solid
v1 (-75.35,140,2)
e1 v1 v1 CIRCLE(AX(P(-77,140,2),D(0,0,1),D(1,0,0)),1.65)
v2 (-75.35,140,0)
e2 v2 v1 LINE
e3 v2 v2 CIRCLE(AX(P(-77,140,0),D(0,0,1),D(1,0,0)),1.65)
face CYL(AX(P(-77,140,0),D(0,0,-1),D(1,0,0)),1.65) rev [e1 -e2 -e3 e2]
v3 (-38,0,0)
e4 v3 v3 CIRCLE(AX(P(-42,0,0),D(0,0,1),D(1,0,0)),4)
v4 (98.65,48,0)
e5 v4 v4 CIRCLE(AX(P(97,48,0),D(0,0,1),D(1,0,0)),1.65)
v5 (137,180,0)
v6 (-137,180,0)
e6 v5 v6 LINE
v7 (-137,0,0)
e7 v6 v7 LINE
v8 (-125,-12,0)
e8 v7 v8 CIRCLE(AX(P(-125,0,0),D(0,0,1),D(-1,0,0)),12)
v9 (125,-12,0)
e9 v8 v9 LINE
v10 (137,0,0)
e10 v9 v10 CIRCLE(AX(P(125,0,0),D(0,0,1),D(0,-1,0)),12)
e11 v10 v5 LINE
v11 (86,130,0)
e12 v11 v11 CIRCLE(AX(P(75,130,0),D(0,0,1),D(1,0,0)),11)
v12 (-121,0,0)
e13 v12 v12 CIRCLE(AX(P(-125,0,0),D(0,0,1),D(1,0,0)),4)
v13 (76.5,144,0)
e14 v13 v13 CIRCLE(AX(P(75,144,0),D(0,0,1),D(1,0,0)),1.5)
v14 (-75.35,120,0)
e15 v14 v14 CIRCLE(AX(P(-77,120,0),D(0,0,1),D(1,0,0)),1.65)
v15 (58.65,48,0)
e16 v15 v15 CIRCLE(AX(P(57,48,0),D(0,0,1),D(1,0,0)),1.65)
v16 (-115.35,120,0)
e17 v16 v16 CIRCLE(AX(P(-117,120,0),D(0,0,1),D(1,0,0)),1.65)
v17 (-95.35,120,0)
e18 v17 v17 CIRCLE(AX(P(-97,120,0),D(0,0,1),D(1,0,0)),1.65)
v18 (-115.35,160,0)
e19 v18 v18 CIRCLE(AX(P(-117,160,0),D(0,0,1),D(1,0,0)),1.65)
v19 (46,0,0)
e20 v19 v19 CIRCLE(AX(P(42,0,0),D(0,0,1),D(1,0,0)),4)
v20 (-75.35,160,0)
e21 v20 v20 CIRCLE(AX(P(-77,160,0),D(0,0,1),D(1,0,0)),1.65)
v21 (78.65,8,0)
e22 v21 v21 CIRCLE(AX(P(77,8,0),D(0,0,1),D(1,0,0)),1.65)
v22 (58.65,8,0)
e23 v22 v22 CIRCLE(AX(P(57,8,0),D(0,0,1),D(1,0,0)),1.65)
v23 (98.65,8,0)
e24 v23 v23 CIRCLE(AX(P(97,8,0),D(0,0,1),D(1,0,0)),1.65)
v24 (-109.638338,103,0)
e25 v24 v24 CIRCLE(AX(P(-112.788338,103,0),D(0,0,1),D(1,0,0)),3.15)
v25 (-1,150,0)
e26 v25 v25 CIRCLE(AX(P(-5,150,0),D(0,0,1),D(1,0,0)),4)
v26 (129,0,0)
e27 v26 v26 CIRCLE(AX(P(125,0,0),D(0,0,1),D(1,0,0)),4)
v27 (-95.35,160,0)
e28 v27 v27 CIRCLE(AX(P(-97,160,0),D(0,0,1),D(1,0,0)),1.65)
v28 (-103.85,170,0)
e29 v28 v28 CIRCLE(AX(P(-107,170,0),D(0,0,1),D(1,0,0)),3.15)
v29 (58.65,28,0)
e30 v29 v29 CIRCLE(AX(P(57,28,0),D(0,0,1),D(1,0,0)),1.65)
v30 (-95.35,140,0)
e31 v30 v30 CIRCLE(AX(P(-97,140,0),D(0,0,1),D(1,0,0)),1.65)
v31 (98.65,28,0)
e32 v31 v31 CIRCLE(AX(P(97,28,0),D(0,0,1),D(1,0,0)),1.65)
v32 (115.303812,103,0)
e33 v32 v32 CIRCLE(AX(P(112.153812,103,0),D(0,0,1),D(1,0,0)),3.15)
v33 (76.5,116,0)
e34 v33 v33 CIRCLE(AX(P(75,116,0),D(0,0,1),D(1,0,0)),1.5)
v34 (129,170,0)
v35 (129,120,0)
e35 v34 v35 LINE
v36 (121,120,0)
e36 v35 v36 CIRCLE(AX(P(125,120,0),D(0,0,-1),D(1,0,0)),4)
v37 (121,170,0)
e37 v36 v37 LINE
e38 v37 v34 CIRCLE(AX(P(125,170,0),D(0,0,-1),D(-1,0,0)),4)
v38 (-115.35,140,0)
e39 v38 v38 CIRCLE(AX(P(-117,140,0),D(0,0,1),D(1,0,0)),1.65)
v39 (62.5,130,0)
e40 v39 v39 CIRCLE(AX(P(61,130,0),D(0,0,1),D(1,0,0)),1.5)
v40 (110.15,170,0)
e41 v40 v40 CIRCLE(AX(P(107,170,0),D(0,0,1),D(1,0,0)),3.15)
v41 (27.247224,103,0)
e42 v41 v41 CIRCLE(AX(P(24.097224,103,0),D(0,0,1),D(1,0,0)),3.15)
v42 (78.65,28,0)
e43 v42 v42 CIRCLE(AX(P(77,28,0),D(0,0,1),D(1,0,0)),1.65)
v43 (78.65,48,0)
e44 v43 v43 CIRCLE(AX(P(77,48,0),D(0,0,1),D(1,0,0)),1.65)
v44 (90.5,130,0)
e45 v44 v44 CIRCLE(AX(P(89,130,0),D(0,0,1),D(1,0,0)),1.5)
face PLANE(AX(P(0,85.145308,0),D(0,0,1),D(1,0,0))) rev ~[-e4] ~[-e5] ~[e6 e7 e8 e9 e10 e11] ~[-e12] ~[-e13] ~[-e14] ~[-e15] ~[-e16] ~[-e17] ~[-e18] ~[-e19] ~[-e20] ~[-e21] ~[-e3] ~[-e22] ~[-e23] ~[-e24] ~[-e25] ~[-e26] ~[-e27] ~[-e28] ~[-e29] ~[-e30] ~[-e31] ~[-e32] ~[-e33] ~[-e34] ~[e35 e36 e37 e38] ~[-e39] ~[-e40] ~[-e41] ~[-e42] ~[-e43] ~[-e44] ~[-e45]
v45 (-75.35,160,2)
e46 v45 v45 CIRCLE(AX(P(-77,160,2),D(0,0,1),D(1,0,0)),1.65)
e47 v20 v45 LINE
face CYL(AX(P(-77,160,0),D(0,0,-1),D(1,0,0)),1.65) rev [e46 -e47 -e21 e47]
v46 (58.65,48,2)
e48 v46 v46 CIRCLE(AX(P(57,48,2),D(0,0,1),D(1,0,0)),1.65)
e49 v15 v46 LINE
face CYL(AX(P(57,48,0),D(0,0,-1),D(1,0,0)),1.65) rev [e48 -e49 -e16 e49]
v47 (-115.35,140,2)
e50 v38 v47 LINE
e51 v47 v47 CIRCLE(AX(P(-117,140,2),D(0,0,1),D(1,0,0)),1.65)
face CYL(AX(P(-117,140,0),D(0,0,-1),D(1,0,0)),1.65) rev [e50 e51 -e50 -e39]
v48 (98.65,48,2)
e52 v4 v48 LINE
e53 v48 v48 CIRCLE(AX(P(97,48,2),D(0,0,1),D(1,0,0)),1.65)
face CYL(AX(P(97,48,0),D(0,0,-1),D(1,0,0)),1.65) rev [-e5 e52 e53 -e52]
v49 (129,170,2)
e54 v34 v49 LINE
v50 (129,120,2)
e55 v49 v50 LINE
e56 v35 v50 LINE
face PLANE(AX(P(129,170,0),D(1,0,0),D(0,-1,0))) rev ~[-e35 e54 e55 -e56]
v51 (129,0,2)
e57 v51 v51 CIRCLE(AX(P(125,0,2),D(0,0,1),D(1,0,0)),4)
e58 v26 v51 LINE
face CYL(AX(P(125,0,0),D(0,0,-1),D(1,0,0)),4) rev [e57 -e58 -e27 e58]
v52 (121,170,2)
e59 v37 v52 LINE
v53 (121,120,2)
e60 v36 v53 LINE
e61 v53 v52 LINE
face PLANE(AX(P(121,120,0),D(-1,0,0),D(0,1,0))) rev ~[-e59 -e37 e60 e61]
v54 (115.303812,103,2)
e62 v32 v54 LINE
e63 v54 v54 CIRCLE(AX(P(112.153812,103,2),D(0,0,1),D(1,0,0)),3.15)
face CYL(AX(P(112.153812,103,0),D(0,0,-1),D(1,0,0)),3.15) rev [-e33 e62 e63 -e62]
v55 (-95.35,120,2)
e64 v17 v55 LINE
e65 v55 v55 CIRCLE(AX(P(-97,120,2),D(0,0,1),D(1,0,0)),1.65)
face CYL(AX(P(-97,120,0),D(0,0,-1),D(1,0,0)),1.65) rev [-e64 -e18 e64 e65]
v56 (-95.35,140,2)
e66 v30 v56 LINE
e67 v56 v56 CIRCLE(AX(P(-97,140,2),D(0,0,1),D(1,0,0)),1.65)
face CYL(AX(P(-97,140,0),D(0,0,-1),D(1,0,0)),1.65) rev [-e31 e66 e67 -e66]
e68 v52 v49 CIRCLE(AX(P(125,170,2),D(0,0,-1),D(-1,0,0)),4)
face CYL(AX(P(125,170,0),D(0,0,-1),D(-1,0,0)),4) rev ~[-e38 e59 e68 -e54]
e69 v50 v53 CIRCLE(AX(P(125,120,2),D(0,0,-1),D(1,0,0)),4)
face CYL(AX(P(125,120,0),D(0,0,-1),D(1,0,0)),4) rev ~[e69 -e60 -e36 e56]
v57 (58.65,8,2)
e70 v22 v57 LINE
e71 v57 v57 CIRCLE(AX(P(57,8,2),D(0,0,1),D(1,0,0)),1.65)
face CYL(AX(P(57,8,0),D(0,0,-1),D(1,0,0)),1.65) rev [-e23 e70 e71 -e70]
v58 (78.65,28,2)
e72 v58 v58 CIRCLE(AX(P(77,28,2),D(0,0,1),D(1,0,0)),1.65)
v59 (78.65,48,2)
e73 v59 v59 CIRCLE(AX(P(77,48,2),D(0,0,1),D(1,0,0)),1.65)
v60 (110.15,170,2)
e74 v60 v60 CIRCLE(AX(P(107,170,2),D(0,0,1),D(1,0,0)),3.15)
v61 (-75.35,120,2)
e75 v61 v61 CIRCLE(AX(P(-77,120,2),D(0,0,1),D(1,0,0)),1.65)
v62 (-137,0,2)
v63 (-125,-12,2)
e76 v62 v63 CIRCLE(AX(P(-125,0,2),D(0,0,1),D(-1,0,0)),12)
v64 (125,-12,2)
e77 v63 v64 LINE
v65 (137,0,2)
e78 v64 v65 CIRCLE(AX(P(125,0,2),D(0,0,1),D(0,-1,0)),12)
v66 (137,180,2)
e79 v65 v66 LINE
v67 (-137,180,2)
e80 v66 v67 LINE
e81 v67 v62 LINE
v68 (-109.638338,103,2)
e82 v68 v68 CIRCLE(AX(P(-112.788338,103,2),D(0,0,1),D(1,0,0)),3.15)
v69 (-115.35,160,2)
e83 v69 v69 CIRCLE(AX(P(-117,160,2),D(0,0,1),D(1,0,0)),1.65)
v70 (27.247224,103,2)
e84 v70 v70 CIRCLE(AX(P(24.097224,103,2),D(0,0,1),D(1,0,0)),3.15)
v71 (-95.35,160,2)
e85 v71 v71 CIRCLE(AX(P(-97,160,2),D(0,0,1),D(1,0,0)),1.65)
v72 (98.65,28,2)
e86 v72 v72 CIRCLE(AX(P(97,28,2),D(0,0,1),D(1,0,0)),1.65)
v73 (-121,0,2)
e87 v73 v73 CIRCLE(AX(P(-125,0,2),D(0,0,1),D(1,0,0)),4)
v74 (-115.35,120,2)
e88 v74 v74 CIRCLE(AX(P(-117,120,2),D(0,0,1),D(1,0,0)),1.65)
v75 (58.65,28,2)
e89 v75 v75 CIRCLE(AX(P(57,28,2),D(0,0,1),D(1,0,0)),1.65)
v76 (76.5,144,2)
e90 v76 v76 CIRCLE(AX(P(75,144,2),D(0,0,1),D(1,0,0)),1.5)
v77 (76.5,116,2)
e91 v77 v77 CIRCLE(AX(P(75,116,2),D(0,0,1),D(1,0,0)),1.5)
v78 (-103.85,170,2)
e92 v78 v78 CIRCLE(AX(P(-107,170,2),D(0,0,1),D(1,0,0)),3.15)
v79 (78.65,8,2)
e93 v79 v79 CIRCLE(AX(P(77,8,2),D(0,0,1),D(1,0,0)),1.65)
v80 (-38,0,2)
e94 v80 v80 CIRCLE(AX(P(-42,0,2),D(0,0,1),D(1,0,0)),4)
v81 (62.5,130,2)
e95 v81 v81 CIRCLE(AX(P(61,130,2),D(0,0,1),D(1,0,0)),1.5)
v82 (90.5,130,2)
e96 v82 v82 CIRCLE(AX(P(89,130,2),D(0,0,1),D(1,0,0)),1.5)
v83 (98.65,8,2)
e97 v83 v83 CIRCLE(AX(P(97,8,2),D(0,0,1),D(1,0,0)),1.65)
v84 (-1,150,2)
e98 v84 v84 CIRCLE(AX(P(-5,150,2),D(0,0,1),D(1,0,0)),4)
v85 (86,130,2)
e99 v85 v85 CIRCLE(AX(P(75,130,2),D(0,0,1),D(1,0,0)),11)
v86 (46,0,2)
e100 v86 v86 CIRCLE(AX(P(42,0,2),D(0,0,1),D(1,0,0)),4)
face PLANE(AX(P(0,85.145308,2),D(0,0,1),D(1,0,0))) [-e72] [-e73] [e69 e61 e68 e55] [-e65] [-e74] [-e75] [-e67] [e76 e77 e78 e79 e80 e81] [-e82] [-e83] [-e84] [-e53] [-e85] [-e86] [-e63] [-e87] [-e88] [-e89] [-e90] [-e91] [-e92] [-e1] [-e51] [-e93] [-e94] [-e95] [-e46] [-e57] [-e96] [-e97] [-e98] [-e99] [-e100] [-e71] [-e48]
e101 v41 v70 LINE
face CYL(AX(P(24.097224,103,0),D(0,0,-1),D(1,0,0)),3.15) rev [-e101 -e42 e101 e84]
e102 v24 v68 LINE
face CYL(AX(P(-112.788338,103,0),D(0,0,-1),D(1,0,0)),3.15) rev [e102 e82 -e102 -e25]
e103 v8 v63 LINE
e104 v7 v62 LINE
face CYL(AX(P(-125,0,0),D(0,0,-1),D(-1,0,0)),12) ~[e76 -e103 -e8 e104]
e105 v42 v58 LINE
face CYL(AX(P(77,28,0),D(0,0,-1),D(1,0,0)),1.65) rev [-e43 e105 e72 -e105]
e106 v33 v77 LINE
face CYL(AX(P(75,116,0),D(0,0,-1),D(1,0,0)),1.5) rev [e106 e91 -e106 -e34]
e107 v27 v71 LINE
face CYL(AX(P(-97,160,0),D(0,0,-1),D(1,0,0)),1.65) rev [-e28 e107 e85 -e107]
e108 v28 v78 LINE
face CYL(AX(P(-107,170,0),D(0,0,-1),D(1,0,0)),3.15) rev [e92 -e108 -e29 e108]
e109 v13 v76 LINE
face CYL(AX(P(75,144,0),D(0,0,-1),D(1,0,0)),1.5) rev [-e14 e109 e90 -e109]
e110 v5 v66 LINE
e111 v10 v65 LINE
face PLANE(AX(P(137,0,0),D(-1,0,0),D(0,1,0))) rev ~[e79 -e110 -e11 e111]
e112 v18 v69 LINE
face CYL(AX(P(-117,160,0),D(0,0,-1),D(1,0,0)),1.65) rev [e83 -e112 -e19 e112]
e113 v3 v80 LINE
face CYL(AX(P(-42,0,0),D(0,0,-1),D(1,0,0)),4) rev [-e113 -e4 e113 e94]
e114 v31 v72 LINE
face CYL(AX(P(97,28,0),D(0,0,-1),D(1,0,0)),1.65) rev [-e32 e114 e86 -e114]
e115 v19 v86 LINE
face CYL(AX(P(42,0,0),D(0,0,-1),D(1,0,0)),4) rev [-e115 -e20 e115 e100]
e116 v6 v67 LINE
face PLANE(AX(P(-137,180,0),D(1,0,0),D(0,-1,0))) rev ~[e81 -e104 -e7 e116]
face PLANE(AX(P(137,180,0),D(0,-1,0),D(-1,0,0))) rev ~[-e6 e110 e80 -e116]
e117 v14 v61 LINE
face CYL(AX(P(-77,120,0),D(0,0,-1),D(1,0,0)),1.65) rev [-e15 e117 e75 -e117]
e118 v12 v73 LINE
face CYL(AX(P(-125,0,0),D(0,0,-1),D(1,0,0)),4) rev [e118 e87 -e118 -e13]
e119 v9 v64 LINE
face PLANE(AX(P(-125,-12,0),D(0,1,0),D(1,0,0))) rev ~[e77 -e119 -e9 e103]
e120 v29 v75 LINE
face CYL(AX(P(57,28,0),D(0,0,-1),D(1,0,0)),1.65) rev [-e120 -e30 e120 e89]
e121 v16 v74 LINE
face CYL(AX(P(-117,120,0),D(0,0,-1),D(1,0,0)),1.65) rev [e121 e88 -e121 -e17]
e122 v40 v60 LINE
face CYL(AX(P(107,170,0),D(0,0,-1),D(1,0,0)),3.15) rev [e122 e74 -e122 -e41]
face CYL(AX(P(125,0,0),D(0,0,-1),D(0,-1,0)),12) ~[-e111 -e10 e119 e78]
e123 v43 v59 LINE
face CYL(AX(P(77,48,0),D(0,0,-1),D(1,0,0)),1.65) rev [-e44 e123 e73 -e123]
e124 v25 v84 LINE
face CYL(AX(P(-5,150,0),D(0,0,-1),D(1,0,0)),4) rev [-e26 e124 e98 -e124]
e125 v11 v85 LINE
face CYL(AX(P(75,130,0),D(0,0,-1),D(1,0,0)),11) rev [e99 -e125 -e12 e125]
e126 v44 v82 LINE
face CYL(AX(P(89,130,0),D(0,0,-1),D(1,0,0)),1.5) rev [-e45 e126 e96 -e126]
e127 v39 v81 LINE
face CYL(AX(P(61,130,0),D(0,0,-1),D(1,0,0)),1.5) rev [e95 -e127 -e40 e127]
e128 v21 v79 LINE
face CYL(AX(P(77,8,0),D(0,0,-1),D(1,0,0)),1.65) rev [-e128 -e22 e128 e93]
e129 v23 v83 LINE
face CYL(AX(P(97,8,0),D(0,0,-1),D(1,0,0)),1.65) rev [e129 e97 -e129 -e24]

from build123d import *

# Parameters (mm, degrees)
SKETCH1_R           = 4
SKETCH1_R_2         = 1.65
SKETCH1_R_3         = 3.15
SKETCH1_R_4         = 1.5
SKETCH1_R_5         = 11
BOSS_EXTRUDE1_DEPTH = 2


with BuildPart() as part:
    # Sketch1 → Boss-Extrude1 (new body)
    with BuildSketch(Plane.XY):
        with BuildLine():
            ThreePointArc((-137, 0), (-133.485281374, -8.485281374), (-125, -12))
            Line((-125, -12), (125, -12))
            ThreePointArc((125, -12), (133.485281374, -8.485281374), (137, 0))
            Line((137, 0), (137, 180))
            Line((137, 180), (-53.998245329, 180))
            Line((-53.998245329, 180), (-137, 180))
            Line((-137, 180), (-137, 0))
        make_face()
        with Locations((-125, 0)):
            Circle(SKETCH1_R, mode=Mode.SUBTRACT)
        with Locations((-42, 0)):
            Circle(SKETCH1_R, mode=Mode.SUBTRACT)
        with Locations((42, 0)):
            Circle(SKETCH1_R, mode=Mode.SUBTRACT)
        with Locations((57, 8)):
            Circle(SKETCH1_R_2, mode=Mode.SUBTRACT)
        with Locations((57, 28)):
            Circle(SKETCH1_R_2, mode=Mode.SUBTRACT)
        with Locations((77, 8)):
            Circle(SKETCH1_R_2, mode=Mode.SUBTRACT)
        with Locations((97, 8)):
            Circle(SKETCH1_R_2, mode=Mode.SUBTRACT)
        with Locations((125, 0)):
            Circle(SKETCH1_R, mode=Mode.SUBTRACT)
        with Locations((77, 28)):
            Circle(SKETCH1_R_2, mode=Mode.SUBTRACT)
        with Locations((97, 28)):
            Circle(SKETCH1_R_2, mode=Mode.SUBTRACT)
        with Locations((57, 48)):
            Circle(SKETCH1_R_2, mode=Mode.SUBTRACT)
        with Locations((77, 48)):
            Circle(SKETCH1_R_2, mode=Mode.SUBTRACT)
        with Locations((97, 48)):
            Circle(SKETCH1_R_2, mode=Mode.SUBTRACT)
        with Locations((-112.78833811, 103)):
            Circle(SKETCH1_R_3, mode=Mode.SUBTRACT)
        with Locations((-117, 120)):
            Circle(SKETCH1_R_2, mode=Mode.SUBTRACT)
        with Locations((-97, 120)):
            Circle(SKETCH1_R_2, mode=Mode.SUBTRACT)
        with Locations((-77, 120)):
            Circle(SKETCH1_R_2, mode=Mode.SUBTRACT)
        with Locations((-117, 140)):
            Circle(SKETCH1_R_2, mode=Mode.SUBTRACT)
        with Locations((-97, 140)):
            Circle(SKETCH1_R_2, mode=Mode.SUBTRACT)
        with Locations((-77, 140)):
            Circle(SKETCH1_R_2, mode=Mode.SUBTRACT)
        with Locations((-117, 160)):
            Circle(SKETCH1_R_2, mode=Mode.SUBTRACT)
        with Locations((-107, 170)):
            Circle(SKETCH1_R_3, mode=Mode.SUBTRACT)
        with Locations((-97, 160)):
            Circle(SKETCH1_R_2, mode=Mode.SUBTRACT)
        with Locations((-77, 160)):
            Circle(SKETCH1_R_2, mode=Mode.SUBTRACT)
        with Locations((-5, 150)):
            Circle(SKETCH1_R, mode=Mode.SUBTRACT)
        with Locations((24.097224397, 103)):
            Circle(SKETCH1_R_3, mode=Mode.SUBTRACT)
        with Locations((61, 130)):
            Circle(SKETCH1_R_4, mode=Mode.SUBTRACT)
        with Locations((112.15381179, 103)):
            Circle(SKETCH1_R_3, mode=Mode.SUBTRACT)
        with Locations((75, 116)):
            Circle(SKETCH1_R_4, mode=Mode.SUBTRACT)
        with Locations((75, 130)):
            Circle(SKETCH1_R_5, mode=Mode.SUBTRACT)
        with Locations((89, 130)):
            Circle(SKETCH1_R_4, mode=Mode.SUBTRACT)
        with Locations((75, 144)):
            Circle(SKETCH1_R_4, mode=Mode.SUBTRACT)
        with BuildLine():
            ThreePointArc((129, 120), (125, 116), (121, 120))
            Line((121, 120), (121, 170))
            ThreePointArc((121, 170), (125, 174), (129, 170))
            Line((129, 170), (129, 120))
        make_face(mode=Mode.SUBTRACT)
        with Locations((107, 170)):
            Circle(SKETCH1_R_3, mode=Mode.SUBTRACT)
    extrude(amount=BOSS_EXTRUDE1_DEPTH)


solid = part.part
